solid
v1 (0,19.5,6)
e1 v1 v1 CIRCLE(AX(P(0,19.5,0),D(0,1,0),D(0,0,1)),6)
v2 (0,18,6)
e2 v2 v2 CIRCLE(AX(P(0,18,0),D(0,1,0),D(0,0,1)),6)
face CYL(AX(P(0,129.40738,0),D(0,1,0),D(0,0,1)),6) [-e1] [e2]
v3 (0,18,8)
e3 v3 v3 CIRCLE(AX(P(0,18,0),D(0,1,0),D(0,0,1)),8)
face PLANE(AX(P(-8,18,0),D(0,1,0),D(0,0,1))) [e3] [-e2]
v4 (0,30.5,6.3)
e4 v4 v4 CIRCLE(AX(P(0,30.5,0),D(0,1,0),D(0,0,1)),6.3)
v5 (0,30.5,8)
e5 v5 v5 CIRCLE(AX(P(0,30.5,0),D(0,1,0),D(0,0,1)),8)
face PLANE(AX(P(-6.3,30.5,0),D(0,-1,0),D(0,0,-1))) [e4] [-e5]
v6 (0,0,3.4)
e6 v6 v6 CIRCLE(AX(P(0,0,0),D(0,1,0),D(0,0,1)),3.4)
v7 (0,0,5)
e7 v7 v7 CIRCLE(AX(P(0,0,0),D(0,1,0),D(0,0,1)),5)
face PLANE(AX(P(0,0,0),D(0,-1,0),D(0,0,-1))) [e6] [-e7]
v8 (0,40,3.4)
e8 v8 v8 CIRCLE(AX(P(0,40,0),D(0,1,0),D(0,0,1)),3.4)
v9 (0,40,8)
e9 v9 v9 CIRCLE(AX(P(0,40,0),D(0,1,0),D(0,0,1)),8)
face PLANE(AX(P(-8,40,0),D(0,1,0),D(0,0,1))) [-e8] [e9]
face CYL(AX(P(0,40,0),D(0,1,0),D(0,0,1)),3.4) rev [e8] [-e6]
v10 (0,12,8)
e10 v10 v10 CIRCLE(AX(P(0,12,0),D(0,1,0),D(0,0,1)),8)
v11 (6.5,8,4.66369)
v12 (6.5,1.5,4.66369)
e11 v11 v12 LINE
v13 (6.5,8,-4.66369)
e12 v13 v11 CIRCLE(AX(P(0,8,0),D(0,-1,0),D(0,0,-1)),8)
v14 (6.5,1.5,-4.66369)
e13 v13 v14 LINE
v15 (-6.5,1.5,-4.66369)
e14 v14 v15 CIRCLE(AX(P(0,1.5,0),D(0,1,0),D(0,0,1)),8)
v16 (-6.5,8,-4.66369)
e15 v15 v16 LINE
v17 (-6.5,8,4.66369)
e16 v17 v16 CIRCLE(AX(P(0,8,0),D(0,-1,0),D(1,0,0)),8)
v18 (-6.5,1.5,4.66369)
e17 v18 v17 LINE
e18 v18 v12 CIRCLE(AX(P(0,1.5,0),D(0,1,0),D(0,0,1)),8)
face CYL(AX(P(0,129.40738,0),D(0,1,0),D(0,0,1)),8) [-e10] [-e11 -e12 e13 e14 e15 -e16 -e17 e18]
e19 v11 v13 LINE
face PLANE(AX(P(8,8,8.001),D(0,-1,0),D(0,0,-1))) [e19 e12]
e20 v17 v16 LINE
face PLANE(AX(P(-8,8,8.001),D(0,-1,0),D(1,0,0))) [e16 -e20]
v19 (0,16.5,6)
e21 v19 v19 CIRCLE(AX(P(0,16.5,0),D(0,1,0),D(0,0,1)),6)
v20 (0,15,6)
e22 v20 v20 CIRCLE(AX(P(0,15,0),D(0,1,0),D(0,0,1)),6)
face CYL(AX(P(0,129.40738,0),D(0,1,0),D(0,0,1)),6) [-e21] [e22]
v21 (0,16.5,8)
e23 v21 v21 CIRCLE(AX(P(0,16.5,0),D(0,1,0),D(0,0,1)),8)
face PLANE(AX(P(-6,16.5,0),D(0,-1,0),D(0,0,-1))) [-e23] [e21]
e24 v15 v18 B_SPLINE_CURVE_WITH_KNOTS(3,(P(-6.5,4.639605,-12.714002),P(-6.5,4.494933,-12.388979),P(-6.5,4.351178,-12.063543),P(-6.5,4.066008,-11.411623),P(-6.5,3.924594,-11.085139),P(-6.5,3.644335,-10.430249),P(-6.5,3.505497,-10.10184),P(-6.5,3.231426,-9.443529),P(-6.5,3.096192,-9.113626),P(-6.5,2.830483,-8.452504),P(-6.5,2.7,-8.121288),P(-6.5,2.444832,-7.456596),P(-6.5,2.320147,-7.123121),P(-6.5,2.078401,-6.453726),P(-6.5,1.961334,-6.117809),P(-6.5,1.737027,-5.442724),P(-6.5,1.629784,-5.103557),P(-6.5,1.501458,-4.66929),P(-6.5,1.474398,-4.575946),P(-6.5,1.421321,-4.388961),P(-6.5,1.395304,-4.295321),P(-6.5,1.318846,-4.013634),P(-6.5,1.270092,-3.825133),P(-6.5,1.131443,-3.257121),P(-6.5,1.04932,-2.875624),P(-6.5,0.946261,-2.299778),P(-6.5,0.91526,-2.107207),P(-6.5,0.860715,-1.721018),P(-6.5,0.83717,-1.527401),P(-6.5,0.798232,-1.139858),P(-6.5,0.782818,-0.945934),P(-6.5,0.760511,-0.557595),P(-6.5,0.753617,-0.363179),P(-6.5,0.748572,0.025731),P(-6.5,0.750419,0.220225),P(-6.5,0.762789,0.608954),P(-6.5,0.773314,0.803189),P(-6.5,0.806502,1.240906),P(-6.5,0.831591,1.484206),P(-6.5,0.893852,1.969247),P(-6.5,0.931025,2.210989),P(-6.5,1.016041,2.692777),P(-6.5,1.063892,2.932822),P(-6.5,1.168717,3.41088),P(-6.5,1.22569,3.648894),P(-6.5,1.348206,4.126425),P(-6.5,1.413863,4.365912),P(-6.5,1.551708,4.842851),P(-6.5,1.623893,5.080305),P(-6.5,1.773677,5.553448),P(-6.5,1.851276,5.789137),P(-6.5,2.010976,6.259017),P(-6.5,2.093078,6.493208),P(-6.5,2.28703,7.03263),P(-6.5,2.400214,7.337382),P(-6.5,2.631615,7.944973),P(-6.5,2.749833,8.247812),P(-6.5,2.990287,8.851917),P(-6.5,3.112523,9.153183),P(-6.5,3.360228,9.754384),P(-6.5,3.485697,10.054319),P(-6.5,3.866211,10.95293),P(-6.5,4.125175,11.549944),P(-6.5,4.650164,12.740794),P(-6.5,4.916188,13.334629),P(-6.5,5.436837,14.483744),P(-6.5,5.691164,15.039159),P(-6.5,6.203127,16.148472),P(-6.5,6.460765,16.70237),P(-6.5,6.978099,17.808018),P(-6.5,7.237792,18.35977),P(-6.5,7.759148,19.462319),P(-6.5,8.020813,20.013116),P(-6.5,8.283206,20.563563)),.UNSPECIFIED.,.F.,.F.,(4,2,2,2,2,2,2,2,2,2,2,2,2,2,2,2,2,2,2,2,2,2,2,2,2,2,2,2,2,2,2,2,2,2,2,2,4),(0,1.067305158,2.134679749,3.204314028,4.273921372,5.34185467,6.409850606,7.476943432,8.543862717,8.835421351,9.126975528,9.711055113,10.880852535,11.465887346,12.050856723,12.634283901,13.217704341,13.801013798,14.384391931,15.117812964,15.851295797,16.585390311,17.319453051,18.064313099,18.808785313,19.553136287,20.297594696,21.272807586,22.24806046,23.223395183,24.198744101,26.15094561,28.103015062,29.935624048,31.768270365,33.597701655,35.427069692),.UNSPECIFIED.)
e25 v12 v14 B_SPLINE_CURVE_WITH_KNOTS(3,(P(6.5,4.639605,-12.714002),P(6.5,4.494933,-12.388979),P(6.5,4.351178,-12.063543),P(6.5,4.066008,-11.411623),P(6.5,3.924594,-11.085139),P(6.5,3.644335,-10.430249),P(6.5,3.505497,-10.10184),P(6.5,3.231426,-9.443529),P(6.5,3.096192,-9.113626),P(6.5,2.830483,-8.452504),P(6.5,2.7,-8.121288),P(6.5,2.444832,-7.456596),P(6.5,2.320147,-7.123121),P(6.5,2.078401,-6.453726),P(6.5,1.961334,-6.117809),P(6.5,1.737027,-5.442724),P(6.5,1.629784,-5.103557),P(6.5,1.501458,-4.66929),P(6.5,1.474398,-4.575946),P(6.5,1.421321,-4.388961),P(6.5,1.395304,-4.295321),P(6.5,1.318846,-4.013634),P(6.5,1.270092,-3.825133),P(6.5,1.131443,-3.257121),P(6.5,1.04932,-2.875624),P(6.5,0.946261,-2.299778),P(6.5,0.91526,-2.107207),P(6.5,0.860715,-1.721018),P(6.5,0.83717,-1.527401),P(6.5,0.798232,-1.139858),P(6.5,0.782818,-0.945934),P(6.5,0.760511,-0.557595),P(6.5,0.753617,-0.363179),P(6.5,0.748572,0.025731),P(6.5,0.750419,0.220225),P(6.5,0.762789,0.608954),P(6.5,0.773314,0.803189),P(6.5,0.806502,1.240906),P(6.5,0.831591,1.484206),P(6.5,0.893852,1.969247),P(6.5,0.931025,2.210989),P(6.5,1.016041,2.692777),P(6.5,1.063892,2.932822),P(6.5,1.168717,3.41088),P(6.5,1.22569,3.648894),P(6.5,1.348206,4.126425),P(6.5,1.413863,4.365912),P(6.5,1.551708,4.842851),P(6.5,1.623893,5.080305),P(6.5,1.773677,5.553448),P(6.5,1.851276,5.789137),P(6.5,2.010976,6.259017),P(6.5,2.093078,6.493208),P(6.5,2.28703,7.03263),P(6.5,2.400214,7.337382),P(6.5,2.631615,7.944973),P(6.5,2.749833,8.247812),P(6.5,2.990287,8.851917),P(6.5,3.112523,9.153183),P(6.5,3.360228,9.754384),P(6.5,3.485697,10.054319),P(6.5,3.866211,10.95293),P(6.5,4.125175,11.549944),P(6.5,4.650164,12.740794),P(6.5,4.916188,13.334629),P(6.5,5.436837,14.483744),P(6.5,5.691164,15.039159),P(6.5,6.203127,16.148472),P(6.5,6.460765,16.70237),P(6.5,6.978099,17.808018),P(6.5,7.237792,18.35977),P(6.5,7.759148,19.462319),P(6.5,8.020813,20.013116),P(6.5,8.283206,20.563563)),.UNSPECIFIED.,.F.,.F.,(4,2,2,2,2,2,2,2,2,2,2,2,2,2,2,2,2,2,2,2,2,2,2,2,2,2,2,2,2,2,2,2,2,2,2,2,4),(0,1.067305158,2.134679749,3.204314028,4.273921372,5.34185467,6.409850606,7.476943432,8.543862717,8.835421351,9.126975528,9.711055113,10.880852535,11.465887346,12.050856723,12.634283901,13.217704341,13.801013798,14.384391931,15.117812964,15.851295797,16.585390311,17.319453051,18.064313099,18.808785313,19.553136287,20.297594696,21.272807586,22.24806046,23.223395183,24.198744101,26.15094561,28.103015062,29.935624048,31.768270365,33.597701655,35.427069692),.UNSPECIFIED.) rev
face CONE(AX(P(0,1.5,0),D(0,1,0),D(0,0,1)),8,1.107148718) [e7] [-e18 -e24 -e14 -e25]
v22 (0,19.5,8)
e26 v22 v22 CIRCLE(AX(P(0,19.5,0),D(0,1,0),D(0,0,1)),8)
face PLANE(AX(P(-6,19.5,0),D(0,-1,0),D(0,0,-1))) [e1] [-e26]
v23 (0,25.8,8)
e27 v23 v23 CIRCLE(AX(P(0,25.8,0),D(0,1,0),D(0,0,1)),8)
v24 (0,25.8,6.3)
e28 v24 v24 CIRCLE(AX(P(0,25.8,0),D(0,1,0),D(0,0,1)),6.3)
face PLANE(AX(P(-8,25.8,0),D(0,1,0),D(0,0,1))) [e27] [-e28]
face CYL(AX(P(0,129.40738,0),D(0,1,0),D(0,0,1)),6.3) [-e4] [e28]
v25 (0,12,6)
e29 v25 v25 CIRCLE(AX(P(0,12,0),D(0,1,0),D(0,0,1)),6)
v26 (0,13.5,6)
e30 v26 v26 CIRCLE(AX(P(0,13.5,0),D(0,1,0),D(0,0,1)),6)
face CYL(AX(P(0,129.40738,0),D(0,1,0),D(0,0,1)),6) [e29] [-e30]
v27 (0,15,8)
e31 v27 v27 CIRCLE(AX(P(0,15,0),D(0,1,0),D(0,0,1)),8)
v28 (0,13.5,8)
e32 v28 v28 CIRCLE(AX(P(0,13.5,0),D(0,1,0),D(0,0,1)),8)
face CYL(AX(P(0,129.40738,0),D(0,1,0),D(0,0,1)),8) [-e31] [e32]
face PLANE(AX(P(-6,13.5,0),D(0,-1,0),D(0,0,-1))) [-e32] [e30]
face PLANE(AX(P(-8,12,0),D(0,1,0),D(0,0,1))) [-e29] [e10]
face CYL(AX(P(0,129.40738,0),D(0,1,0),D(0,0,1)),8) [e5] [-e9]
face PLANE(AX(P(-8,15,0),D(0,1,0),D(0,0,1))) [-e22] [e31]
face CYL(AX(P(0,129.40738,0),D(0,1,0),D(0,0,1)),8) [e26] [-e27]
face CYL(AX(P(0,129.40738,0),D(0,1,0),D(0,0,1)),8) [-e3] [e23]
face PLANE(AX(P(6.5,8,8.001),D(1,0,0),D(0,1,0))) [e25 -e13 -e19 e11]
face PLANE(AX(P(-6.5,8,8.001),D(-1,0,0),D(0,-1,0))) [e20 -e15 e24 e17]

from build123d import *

# Parameters (mm, degrees)
TAGLIO_ESTRUSIONE1_REACH                  = 43.569
TAGLIO_ESTRUSIONE1_END_RADIUS             = 8
SCHIZZO2_W                                = 1.5
SCHIZZO2_H                                = 8
TAGLIO_ESTRUSIONE1_DIRECTION_2_REACH      = 43.569
TAGLIO_ESTRUSIONE1_DIRECTION_2_END_RADIUS = 8
FORO_FILETTATO_M8_1_D                     = 6.8


with BuildPart() as part:
    # Schizzo1 → Rivoluzione1 (revolve)
    with BuildSketch(Plane.XY, mode=Mode.PRIVATE) as rivoluzione1_sk:
        Polygon((0, 0), (-5, 0), (-8, 1.5), (-8, 12), (-6, 12), (-6, 13.5), (-8, 13.5), (-8, 15), (-6, 15), (-6, 16.5), (-8, 16.5), (-8, 18), (-6, 18), (-6, 19.5), (-8, 19.5), (-8, 25.8), (-6.3, 25.8), (-6.3, 30.5), (-8, 30.5), (-8, 40), (0, 40), align=None)
    revolve(rivoluzione1_sk.sketch.rotate(Axis((0, 129.407380346, 0), (0, -1, 0)), 270), axis=Axis((0, 129.407380346, 0), (0, -1, 0)))

    # Taglio-Estrusione1: up to this cylinder (the profile starts inside it)
    taglio_estrusione1_end = Plane(origin=(0, 4, 0), z_dir=(0, 1, 0)) * Cylinder(TAGLIO_ESTRUSIONE1_END_RADIUS, 104.138, mode=Mode.PRIVATE)
    # Schizzo2 → Taglio-Estrusione1 (cut, up to the surface)
    with BuildSketch(Plane.XY, mode=Mode.PRIVATE) as taglio_estrusione1_sk1:
        with Locations((-7.25, 4)):
            Rectangle(SCHIZZO2_W, SCHIZZO2_H)
    taglio_estrusione1_tool1 = extrude(taglio_estrusione1_sk1.sketch, amount=-TAGLIO_ESTRUSIONE1_REACH, mode=Mode.PRIVATE) & taglio_estrusione1_end
    add(taglio_estrusione1_tool1.solids().sort_by_distance((-7.25, 4, 0))[0], mode=Mode.SUBTRACT)
    # Schizzo2 → Taglio-Estrusione1 (cut, up to the surface)
    with BuildSketch(Plane.XY, mode=Mode.PRIVATE) as taglio_estrusione1_sk2:
        with Locations((7.25, 4)):
            Rectangle(SCHIZZO2_W, SCHIZZO2_H)
    taglio_estrusione1_tool2 = extrude(taglio_estrusione1_sk2.sketch, amount=-TAGLIO_ESTRUSIONE1_REACH, mode=Mode.PRIVATE) & taglio_estrusione1_end
    add(taglio_estrusione1_tool2.solids().sort_by_distance((7.25, 4, 0))[0], mode=Mode.SUBTRACT)

    # Taglio-Estrusione1 direction 2: up to this cylinder (the profile starts inside it)
    taglio_estrusione1_direction_2_end = Plane(origin=(0, 4, 0), z_dir=(0, 1, 0)) * Cylinder(TAGLIO_ESTRUSIONE1_DIRECTION_2_END_RADIUS, 104.138, mode=Mode.PRIVATE)
    # Schizzo2 → Taglio-Estrusione1 direction 2 (cut, up to the surface)
    with BuildSketch(Plane.XY, mode=Mode.PRIVATE) as taglio_estrusione1_direction_2_sk1:
        with Locations((-7.25, 4)):
            Rectangle(SCHIZZO2_W, SCHIZZO2_H)
    taglio_estrusione1_direction_2_tool1 = extrude(taglio_estrusione1_direction_2_sk1.sketch, amount=TAGLIO_ESTRUSIONE1_DIRECTION_2_REACH, mode=Mode.PRIVATE) & taglio_estrusione1_direction_2_end
    add(taglio_estrusione1_direction_2_tool1.solids().sort_by_distance((-7.25, 4, 0))[0], mode=Mode.SUBTRACT)
    # Schizzo2 → Taglio-Estrusione1 direction 2 (cut, up to the surface)
    with BuildSketch(Plane.XY, mode=Mode.PRIVATE) as taglio_estrusione1_direction_2_sk2:
        with Locations((7.25, 4)):
            Rectangle(SCHIZZO2_W, SCHIZZO2_H)
    taglio_estrusione1_direction_2_tool2 = extrude(taglio_estrusione1_direction_2_sk2.sketch, amount=TAGLIO_ESTRUSIONE1_DIRECTION_2_REACH, mode=Mode.PRIVATE) & taglio_estrusione1_direction_2_end
    add(taglio_estrusione1_direction_2_tool2.solids().sort_by_distance((7.25, 4, 0))[0], mode=Mode.SUBTRACT)

    # Foro filettato M8-1 (through all)
    with Locations(Plane(origin=(0, 40, 0), x_dir=(1, 0, 0), z_dir=(0, 1, 0))):
        with Locations((0, 0)):
            Hole(FORO_FILETTATO_M8_1_D / 2)


solid = part.part
